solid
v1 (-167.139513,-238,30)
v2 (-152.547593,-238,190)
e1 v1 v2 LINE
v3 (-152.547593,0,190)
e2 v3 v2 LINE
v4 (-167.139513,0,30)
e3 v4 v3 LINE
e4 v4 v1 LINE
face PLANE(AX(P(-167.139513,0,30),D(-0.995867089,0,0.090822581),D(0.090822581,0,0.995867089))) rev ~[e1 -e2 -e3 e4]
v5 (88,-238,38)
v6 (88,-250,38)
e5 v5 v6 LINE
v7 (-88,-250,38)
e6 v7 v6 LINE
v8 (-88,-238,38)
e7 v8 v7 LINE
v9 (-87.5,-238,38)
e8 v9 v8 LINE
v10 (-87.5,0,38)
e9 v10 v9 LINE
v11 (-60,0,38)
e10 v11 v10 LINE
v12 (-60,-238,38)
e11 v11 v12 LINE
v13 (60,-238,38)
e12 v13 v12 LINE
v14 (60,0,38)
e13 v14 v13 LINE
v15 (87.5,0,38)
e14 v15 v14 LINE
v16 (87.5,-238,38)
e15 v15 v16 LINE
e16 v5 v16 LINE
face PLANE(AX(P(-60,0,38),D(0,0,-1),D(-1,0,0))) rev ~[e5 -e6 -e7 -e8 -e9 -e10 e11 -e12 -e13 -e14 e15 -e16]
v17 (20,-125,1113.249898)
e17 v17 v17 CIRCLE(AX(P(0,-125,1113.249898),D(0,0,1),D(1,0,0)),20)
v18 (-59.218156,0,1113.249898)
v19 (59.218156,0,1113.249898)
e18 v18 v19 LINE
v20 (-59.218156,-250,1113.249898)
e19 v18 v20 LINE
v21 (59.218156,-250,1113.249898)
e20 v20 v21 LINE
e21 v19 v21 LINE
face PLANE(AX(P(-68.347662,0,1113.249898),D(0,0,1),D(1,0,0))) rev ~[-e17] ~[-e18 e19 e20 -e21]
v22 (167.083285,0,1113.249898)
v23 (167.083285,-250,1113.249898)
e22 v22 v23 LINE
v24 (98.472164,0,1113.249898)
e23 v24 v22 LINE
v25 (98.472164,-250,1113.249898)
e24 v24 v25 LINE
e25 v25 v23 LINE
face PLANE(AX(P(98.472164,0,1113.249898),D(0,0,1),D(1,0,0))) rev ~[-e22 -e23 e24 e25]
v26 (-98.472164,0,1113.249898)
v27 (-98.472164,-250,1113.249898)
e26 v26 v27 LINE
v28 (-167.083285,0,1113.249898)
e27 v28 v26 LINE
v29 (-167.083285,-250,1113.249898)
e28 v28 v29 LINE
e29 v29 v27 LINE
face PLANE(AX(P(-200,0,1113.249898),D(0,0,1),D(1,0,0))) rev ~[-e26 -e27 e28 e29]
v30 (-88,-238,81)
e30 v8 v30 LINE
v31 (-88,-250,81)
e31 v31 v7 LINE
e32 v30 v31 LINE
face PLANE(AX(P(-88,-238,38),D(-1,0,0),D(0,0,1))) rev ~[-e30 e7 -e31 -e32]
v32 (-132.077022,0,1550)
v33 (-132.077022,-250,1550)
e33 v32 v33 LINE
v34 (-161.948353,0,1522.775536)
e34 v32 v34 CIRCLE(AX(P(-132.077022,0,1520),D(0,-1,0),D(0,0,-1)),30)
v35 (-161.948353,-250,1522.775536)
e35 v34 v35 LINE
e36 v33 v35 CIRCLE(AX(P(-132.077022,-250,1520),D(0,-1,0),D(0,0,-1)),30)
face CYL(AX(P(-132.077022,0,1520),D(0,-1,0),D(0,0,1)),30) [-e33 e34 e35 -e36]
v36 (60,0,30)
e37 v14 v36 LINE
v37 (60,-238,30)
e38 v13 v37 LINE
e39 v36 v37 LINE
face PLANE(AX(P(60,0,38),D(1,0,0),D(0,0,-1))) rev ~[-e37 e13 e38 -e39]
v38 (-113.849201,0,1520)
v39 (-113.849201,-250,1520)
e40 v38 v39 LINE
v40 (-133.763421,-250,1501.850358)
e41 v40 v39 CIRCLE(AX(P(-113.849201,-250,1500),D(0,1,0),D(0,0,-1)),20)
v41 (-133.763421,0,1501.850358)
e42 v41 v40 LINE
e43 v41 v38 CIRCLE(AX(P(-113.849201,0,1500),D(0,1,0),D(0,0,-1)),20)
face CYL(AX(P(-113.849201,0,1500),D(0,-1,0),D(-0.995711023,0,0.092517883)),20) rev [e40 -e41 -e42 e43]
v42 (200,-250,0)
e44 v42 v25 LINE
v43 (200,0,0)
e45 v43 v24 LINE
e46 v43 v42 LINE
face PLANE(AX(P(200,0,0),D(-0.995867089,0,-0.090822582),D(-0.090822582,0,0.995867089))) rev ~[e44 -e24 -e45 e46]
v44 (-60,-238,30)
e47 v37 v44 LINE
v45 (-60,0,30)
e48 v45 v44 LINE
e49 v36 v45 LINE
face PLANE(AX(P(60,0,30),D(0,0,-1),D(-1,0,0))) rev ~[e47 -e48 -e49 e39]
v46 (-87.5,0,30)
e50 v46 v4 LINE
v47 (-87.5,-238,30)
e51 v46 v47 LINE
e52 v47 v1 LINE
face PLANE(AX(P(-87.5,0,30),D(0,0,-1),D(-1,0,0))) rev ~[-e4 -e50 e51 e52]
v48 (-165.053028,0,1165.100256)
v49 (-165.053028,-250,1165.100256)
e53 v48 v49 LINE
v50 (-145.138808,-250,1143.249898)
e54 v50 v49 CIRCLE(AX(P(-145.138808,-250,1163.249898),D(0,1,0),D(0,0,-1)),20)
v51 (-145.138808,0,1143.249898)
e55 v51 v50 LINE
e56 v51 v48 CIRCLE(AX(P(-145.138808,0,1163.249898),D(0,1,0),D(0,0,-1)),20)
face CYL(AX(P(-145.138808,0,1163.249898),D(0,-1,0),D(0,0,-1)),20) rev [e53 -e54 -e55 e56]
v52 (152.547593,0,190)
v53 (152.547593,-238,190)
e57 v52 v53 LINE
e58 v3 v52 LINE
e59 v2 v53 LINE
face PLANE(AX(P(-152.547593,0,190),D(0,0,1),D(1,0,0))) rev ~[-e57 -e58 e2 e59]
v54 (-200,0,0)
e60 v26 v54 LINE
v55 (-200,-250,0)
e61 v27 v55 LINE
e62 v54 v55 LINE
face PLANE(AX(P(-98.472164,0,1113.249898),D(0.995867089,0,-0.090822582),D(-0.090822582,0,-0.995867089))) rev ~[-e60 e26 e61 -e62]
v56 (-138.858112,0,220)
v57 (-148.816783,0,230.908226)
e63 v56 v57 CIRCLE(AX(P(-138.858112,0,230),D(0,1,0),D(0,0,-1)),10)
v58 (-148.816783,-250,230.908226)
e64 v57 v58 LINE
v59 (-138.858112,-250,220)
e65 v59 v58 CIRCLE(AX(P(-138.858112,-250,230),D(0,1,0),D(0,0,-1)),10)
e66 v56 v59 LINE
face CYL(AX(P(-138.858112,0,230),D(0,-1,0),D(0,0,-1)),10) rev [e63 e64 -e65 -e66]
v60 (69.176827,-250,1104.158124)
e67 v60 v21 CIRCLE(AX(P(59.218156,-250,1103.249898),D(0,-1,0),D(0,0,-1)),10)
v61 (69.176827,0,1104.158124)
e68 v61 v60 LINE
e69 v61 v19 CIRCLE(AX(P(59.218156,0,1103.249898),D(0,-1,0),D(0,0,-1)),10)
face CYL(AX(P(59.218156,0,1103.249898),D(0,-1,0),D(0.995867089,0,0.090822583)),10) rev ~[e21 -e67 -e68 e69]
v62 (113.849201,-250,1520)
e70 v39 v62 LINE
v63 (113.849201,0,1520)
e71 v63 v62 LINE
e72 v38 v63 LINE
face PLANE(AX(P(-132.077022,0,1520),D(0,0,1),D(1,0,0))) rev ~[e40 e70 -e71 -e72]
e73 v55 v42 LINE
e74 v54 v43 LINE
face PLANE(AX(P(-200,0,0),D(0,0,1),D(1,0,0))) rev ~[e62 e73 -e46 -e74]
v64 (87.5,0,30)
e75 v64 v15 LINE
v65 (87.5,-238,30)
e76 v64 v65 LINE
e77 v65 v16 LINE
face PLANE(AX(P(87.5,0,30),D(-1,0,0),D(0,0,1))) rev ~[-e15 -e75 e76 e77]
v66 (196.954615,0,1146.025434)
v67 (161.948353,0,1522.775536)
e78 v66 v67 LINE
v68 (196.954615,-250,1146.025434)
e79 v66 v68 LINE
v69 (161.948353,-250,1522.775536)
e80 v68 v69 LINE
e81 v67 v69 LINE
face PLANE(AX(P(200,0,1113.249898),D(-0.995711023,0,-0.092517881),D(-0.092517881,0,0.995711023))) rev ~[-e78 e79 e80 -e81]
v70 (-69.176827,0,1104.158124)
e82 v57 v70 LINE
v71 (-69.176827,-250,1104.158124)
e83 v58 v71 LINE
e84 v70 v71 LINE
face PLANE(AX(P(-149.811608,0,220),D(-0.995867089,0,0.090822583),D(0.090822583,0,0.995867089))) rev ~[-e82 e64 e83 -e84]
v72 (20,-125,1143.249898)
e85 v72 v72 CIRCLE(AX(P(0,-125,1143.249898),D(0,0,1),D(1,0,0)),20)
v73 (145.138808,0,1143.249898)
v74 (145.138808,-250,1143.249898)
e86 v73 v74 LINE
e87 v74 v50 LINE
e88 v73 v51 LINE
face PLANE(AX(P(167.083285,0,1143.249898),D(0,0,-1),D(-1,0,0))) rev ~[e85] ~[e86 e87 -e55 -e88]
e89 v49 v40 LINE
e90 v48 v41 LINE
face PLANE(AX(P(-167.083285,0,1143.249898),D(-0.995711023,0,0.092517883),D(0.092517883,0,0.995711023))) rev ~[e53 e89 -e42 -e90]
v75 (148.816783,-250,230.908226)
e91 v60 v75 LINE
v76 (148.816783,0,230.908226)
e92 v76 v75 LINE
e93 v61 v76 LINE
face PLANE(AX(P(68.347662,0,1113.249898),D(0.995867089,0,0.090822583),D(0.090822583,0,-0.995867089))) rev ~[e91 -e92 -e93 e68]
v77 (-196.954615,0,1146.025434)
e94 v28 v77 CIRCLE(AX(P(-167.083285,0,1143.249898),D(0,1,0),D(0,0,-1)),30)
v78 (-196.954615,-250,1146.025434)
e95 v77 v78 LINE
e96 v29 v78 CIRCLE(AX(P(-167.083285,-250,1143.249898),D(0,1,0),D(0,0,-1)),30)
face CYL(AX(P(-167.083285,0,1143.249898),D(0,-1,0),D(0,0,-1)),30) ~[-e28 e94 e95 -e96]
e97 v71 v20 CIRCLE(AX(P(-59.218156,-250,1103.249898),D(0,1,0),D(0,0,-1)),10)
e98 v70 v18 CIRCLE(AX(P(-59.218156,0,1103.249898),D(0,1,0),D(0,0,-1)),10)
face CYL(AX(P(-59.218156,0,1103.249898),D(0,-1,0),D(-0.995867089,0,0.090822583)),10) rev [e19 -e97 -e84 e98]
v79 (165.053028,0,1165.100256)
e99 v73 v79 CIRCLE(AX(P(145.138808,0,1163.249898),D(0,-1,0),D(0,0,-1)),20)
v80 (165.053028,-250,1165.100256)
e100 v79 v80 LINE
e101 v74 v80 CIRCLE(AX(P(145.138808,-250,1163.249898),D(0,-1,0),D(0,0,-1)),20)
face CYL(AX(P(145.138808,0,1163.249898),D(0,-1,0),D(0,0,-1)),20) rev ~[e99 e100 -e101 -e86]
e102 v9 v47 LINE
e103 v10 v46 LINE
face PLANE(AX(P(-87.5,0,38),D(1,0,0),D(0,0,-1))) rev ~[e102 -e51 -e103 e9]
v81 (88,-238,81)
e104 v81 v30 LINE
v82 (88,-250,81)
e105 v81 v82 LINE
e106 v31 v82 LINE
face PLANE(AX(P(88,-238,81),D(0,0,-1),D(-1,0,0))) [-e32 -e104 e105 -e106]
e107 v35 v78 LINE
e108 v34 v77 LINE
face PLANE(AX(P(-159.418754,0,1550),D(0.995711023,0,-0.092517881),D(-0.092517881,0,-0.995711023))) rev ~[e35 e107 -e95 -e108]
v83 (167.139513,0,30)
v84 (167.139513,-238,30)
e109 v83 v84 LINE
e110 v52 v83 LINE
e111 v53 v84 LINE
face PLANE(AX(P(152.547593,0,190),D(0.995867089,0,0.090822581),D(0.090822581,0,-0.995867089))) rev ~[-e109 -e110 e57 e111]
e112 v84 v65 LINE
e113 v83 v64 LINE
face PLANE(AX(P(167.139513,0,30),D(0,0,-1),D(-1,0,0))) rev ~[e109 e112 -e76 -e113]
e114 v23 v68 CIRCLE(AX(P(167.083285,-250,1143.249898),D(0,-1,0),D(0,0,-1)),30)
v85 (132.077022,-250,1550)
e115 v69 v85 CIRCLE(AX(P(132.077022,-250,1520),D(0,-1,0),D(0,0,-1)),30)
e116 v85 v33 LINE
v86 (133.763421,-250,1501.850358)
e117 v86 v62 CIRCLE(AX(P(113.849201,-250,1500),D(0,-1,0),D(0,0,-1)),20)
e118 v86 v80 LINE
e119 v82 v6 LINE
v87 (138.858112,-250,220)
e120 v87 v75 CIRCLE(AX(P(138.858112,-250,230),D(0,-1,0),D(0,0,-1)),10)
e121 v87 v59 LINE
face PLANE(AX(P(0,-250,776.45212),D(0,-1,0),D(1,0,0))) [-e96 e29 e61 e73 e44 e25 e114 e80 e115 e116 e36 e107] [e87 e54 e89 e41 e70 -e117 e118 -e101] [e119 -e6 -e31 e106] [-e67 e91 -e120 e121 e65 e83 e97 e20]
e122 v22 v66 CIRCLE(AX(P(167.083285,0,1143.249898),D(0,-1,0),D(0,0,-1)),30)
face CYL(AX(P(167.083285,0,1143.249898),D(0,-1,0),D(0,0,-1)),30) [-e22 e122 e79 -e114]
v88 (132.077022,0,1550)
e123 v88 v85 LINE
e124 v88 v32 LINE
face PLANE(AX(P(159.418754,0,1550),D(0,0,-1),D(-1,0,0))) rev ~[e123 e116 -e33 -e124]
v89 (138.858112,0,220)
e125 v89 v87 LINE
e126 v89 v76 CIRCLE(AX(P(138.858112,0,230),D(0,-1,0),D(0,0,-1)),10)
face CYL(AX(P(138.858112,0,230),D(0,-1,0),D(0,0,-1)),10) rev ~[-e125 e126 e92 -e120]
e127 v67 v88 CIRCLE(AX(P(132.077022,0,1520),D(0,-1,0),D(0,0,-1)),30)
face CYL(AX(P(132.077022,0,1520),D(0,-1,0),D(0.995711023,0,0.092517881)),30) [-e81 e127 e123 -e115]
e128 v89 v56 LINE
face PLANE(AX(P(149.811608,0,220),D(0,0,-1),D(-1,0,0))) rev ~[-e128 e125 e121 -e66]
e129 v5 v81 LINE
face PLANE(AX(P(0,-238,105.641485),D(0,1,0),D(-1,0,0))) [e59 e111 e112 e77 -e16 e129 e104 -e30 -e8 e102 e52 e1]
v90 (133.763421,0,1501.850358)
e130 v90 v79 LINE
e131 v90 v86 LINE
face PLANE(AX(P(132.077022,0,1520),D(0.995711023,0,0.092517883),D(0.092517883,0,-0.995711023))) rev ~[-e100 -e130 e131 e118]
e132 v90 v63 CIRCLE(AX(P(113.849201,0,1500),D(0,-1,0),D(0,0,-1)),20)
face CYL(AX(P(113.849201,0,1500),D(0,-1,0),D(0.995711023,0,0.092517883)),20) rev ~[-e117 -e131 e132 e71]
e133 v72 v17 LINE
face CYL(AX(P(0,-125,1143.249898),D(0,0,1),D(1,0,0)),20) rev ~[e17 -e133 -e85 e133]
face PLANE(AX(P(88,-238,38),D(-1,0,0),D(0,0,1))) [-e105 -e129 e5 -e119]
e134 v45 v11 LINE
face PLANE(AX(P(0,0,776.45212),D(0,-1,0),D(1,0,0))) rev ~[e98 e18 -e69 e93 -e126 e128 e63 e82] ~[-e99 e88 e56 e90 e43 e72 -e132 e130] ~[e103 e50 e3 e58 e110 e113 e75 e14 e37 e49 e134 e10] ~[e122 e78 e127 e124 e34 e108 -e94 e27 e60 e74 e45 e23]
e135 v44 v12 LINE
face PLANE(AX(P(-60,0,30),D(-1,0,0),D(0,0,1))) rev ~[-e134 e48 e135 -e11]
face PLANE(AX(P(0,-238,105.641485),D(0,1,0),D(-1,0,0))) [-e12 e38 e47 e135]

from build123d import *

# Parameters (mm, degrees)
F1_DEPTH  = 250
F3_DEPTH  = 238
F4_W      = 176
F4_H      = 43
F5_DEPTH  = 12.001
F6_R      = 10
F7_R      = 30
F8_R      = 20
F9_R      = 20
F10_DEPTH = 30


with BuildPart() as f1:
    # F0 (on Front) → F1 (new body)
    with BuildSketch(Plane.XZ):
        Polygon((200, 0), (98.472164, 1113.249898), (200, 1113.249898), (159.418754, 1550), (-159.418754, 1550), (-200, 1113.249898), (-98.472164, 1113.249898), (-200, 0), align=None)
        Polygon((-149.811608, 220), (-68.347662, 1113.249898), (68.347662, 1113.249898), (149.811608, 220), align=None, mode=Mode.SUBTRACT)
        Polygon((-167.083285, 1143.249898), (-132.077022, 1520), (132.077022, 1520), (167.083285, 1143.249898), align=None, mode=Mode.SUBTRACT)
    extrude(amount=F1_DEPTH)

    # F2 (on face) → F3 (cut)
    with BuildSketch(Plane(origin=(0, 0, 0), x_dir=(-1, 0, 0), z_dir=(0, 1, 0))):
        Polygon((152.547593, 190), (-152.547593, 190), (-167.139513, 30), (-87.5, 30), (-87.5, 38), (-60, 38), (-60, 30), (60, 30), (60, 38), (87.5, 38), (87.5, 30), (167.139513, 30), align=None)
    extrude(amount=-F3_DEPTH, mode=Mode.SUBTRACT)

    # F4 (on face) → F5 (cut, through all)
    with BuildSketch(Plane(origin=(0, -238, 0), x_dir=(-1, 0, 0), z_dir=(0, 1, 0))):
        with Locations((0, 59.5)):
            Rectangle(F4_W, F4_H)
    extrude(amount=-F5_DEPTH, mode=Mode.SUBTRACT)

    # F6
    f6_edges = [f1.edges().sort_by_distance(p)[0] for p in [
        (-149.811608, -125, 220),
        (149.811608, -125, 220),
        (-68.347662, -125, 1113.249898),
        (68.347662, -125, 1113.249898),
    ]]
    fillet(f6_edges, radius=F6_R)

    # F7
    f7_edges = [f1.edges().sort_by_distance(p)[0] for p in [
        (200, -125, 1113.249898),
        (-200, -125, 1113.249898),
        (-159.418754, -125, 1550),
        (159.418754, -125, 1550),
    ]]
    fillet(f7_edges, radius=F7_R)

    # F8
    f8_edges = [f1.edges().sort_by_distance(p)[0] for p in [
        (-167.083285, -125, 1143.249898),
        (-132.077022, -125, 1520),
        (132.077022, -125, 1520),
        (167.083285, -125, 1143.249898),
    ]]
    fillet(f8_edges, radius=F8_R)

    # F9 (on face) → F10 (cut, through all)
    with BuildSketch(Plane.XY.offset(1143.249898)):
        with Locations((0, -125)):
            Circle(F9_R)
    extrude(amount=-F10_DEPTH, mode=Mode.SUBTRACT)


solid = f1.part
